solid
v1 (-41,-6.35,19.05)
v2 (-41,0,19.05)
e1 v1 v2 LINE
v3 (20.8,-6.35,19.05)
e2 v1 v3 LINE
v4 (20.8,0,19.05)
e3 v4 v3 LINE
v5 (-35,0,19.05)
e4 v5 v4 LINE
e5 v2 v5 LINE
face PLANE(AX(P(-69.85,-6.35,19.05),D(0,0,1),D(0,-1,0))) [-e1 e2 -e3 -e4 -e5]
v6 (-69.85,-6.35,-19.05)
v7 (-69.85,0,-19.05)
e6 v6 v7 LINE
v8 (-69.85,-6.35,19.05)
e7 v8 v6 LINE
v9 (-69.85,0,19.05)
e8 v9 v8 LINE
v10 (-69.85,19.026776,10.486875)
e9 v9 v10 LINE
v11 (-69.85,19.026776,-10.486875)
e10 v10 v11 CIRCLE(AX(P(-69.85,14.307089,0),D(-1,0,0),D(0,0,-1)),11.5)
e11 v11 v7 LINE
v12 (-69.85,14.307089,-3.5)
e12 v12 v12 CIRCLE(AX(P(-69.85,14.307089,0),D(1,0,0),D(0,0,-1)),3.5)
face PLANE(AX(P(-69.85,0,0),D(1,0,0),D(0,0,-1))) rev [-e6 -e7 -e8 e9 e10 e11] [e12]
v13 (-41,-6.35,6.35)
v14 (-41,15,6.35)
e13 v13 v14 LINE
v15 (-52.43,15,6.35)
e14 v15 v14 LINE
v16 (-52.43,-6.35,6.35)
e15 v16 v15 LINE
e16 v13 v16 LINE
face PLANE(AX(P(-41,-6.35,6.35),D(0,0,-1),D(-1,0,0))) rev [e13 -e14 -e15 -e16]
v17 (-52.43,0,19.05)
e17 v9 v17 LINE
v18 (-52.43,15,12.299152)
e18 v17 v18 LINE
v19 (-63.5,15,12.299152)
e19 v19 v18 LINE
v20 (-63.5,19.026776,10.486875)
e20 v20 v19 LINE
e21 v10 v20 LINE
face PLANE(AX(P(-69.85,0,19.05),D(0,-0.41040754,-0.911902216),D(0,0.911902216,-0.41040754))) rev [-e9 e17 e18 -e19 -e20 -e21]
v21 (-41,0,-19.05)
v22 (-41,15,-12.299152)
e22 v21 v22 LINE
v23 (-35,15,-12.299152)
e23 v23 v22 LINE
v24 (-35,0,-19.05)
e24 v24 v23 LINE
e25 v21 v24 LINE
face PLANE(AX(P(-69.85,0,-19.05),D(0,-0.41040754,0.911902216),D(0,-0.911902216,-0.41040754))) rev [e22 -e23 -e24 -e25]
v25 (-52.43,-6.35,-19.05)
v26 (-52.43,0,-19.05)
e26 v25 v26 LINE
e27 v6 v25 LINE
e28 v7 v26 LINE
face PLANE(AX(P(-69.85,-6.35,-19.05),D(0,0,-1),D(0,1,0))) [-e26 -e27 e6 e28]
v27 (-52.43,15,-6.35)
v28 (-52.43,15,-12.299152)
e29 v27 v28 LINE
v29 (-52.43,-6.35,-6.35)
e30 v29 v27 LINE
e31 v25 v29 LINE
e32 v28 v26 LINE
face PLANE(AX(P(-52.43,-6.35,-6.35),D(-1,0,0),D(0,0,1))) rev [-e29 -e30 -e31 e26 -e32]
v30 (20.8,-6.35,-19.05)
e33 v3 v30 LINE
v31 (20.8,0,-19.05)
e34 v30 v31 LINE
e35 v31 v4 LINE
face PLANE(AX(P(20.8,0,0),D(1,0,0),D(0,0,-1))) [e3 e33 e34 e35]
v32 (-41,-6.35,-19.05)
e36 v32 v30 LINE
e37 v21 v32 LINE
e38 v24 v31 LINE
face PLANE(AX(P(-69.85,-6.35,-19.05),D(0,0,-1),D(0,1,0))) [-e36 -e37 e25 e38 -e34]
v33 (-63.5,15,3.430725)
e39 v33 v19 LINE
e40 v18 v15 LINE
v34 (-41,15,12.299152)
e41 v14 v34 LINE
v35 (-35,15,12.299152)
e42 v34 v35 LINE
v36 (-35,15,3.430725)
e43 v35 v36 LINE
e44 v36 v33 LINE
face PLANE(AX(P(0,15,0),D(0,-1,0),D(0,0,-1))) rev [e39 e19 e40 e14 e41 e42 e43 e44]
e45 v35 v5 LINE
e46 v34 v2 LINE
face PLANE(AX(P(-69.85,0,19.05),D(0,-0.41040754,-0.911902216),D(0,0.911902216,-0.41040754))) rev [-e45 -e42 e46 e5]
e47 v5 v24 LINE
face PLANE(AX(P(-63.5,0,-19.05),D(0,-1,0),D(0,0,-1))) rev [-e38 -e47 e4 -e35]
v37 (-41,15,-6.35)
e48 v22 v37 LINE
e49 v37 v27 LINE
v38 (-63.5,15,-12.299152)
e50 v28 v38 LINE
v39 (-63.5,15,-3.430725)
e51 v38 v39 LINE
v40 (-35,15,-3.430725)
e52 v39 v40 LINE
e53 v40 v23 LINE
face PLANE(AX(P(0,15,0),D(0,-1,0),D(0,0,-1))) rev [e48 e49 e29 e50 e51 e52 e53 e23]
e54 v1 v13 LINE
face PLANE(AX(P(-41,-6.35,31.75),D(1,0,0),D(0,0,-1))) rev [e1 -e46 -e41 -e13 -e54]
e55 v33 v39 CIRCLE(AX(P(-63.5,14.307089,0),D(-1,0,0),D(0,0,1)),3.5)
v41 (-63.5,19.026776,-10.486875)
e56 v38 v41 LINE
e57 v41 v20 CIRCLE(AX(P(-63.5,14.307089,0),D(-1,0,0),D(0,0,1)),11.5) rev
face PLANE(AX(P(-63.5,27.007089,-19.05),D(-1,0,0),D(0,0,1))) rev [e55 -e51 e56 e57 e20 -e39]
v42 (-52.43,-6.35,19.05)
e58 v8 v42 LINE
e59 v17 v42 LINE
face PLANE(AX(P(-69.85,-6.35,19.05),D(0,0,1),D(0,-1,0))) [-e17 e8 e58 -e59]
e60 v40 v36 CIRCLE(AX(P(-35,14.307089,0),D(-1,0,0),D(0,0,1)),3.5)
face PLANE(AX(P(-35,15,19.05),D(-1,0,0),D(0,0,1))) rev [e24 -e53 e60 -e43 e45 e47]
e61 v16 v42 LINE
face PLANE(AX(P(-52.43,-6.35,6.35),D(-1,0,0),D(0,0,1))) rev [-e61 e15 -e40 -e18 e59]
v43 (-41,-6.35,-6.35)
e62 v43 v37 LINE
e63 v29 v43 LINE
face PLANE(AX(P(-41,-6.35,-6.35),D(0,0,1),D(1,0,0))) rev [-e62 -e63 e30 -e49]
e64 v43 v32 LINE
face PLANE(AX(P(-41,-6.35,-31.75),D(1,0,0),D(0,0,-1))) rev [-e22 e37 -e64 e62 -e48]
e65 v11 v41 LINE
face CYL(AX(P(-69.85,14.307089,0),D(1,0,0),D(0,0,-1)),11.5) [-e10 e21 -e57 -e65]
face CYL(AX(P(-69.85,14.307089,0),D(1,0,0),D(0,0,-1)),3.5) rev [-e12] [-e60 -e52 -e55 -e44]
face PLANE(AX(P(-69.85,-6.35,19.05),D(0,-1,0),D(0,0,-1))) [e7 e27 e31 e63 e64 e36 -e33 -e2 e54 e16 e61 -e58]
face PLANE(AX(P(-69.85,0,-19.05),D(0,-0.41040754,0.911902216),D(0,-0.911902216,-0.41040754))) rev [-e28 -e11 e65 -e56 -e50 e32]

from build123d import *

# Parameters (mm, degrees)
SKETCH5_W                = 33.357089
SKETCH5_H                = 38.1
BOSS_EXTRUDE2_DEPTH      = 20.8
BOSS_EXTRUDE2_DEPTH_BACK = 69.85
SKETCH6_W                = 84.3
SKETCH6_H                = 27.007089
CUT_EXTRUDE1_DEPTH       = 39.1
SKETCH7_R                = 3.5
CUT_EXTRUDE2_DEPTH       = 21.8
CUT_EXTRUDE2_DEPTH_BACK  = 70.85
CUT_EXTRUDE3_DEPTH       = 70.85
SKETCH9_W                = 28.5
SKETCH9_H                = 38.1
BOSS_EXTRUDE3_DEPTH      = 15
CUT_EXTRUDE4_DEPTH       = 70.85
SKETCH11_R               = 3.5
CUT_EXTRUDE5_DEPTH       = 70.85
SKETCH13_W               = 11.43
SKETCH13_H               = 25.4
CUT_EXTRUDE6_DEPTH       = 26.807089
CUT_EXTRUDE6_DEPTH_BACK  = 7.35


with BuildPart() as part:
    # Sketch5 → Boss-Extrude2 (new body, two sides)
    with BuildSketch(Plane(origin=(0, 0, 0), x_dir=(0, -1, 0), z_dir=(1, 0, 0))) as boss_extrude2_sk:
        with Locations((-10.3285445, 0)):
            Rectangle(SKETCH5_W, SKETCH5_H)
    extrude(amount=BOSS_EXTRUDE2_DEPTH)
    extrude(boss_extrude2_sk.sketch, amount=-BOSS_EXTRUDE2_DEPTH_BACK)

    # Sketch6 → Cut-Extrude1 (cut, through all)
    with BuildSketch(Plane.XY.offset(19.05)):
        with Locations((-21.35, 13.5035445)):
            Rectangle(SKETCH6_W, SKETCH6_H)
    extrude(amount=-CUT_EXTRUDE1_DEPTH, mode=Mode.SUBTRACT)

    # Sketch7 → Cut-Extrude2 (cut, two sides)
    with BuildSketch(Plane(origin=(0, 0, 0), x_dir=(0, 0, -1), z_dir=(1, 0, 0))) as cut_extrude2_sk:
        with Locations((0, 14.307089)):
            Circle(SKETCH7_R)
    extrude(amount=CUT_EXTRUDE2_DEPTH, mode=Mode.SUBTRACT)
    extrude(cut_extrude2_sk.sketch, amount=-CUT_EXTRUDE2_DEPTH_BACK, mode=Mode.SUBTRACT)

    # Sketch8 → Cut-Extrude3 (cut, through all)
    with BuildSketch(Plane(origin=(0, 0, 0), x_dir=(0, 0, -1), z_dir=(1, 0, 0))):
        with BuildLine():
            Line((19.05, 0), (10.486875479, 19.026775715))
            ThreePointArc((10.486875479, 19.026775715), (0, 25.807089), (-10.486875479, 19.026775715))
            Line((-10.486875479, 19.026775715), (-19.05, 0))
            Line((-19.05, 0), (-19.05, 27.007089))
            Line((-19.05, 27.007089), (19.05, 27.007089))
            Line((19.05, 27.007089), (19.05, 0))
        make_face()
    extrude(amount=-CUT_EXTRUDE3_DEPTH, mode=Mode.SUBTRACT)

    # Sketch9 → Boss-Extrude3 (add)
    with BuildSketch(Plane(origin=(0, 0, 0), x_dir=(1, 0, 0), z_dir=(0, 1, 0))):
        with Locations((-49.25, 0)):
            Rectangle(SKETCH9_W, SKETCH9_H)
    extrude(amount=BOSS_EXTRUDE3_DEPTH)

    # Sketch10 → Cut-Extrude4 (cut, through all)
    with BuildSketch(Plane(origin=(0, 0, 0), x_dir=(0, 0, -1), z_dir=(1, 0, 0))):
        Polygon((19.05, 42.328016658), (19.05, 0), (0, 42.328016658), align=None)
        Polygon((-19.05, 42.328016658), (0, 42.328016658), (-19.05, 0), align=None)
    extrude(amount=-CUT_EXTRUDE4_DEPTH, mode=Mode.SUBTRACT)

    # Sketch11 → Cut-Extrude5 (cut, through all)
    with BuildSketch(Plane(origin=(0, 0, 0), x_dir=(0, 0, -1), z_dir=(1, 0, 0))):
        with Locations((0, 14.307089)):
            Circle(SKETCH11_R)
    extrude(amount=-CUT_EXTRUDE5_DEPTH, mode=Mode.SUBTRACT)

    # Sketch13 → Cut-Extrude6 (cut, two sides)
    with BuildSketch(Plane(origin=(0, 0, 0), x_dir=(1, 0, 0), z_dir=(0, 1, 0))) as cut_extrude6_sk:
        with Locations((-46.715, -19.05)):
            Rectangle(SKETCH13_W, SKETCH13_H)
        with Locations((-46.715, 19.05)):
            Rectangle(SKETCH13_W, SKETCH13_H)
    extrude(amount=CUT_EXTRUDE6_DEPTH, mode=Mode.SUBTRACT)
    extrude(cut_extrude6_sk.sketch, amount=-CUT_EXTRUDE6_DEPTH_BACK, mode=Mode.SUBTRACT)


solid = part.part
